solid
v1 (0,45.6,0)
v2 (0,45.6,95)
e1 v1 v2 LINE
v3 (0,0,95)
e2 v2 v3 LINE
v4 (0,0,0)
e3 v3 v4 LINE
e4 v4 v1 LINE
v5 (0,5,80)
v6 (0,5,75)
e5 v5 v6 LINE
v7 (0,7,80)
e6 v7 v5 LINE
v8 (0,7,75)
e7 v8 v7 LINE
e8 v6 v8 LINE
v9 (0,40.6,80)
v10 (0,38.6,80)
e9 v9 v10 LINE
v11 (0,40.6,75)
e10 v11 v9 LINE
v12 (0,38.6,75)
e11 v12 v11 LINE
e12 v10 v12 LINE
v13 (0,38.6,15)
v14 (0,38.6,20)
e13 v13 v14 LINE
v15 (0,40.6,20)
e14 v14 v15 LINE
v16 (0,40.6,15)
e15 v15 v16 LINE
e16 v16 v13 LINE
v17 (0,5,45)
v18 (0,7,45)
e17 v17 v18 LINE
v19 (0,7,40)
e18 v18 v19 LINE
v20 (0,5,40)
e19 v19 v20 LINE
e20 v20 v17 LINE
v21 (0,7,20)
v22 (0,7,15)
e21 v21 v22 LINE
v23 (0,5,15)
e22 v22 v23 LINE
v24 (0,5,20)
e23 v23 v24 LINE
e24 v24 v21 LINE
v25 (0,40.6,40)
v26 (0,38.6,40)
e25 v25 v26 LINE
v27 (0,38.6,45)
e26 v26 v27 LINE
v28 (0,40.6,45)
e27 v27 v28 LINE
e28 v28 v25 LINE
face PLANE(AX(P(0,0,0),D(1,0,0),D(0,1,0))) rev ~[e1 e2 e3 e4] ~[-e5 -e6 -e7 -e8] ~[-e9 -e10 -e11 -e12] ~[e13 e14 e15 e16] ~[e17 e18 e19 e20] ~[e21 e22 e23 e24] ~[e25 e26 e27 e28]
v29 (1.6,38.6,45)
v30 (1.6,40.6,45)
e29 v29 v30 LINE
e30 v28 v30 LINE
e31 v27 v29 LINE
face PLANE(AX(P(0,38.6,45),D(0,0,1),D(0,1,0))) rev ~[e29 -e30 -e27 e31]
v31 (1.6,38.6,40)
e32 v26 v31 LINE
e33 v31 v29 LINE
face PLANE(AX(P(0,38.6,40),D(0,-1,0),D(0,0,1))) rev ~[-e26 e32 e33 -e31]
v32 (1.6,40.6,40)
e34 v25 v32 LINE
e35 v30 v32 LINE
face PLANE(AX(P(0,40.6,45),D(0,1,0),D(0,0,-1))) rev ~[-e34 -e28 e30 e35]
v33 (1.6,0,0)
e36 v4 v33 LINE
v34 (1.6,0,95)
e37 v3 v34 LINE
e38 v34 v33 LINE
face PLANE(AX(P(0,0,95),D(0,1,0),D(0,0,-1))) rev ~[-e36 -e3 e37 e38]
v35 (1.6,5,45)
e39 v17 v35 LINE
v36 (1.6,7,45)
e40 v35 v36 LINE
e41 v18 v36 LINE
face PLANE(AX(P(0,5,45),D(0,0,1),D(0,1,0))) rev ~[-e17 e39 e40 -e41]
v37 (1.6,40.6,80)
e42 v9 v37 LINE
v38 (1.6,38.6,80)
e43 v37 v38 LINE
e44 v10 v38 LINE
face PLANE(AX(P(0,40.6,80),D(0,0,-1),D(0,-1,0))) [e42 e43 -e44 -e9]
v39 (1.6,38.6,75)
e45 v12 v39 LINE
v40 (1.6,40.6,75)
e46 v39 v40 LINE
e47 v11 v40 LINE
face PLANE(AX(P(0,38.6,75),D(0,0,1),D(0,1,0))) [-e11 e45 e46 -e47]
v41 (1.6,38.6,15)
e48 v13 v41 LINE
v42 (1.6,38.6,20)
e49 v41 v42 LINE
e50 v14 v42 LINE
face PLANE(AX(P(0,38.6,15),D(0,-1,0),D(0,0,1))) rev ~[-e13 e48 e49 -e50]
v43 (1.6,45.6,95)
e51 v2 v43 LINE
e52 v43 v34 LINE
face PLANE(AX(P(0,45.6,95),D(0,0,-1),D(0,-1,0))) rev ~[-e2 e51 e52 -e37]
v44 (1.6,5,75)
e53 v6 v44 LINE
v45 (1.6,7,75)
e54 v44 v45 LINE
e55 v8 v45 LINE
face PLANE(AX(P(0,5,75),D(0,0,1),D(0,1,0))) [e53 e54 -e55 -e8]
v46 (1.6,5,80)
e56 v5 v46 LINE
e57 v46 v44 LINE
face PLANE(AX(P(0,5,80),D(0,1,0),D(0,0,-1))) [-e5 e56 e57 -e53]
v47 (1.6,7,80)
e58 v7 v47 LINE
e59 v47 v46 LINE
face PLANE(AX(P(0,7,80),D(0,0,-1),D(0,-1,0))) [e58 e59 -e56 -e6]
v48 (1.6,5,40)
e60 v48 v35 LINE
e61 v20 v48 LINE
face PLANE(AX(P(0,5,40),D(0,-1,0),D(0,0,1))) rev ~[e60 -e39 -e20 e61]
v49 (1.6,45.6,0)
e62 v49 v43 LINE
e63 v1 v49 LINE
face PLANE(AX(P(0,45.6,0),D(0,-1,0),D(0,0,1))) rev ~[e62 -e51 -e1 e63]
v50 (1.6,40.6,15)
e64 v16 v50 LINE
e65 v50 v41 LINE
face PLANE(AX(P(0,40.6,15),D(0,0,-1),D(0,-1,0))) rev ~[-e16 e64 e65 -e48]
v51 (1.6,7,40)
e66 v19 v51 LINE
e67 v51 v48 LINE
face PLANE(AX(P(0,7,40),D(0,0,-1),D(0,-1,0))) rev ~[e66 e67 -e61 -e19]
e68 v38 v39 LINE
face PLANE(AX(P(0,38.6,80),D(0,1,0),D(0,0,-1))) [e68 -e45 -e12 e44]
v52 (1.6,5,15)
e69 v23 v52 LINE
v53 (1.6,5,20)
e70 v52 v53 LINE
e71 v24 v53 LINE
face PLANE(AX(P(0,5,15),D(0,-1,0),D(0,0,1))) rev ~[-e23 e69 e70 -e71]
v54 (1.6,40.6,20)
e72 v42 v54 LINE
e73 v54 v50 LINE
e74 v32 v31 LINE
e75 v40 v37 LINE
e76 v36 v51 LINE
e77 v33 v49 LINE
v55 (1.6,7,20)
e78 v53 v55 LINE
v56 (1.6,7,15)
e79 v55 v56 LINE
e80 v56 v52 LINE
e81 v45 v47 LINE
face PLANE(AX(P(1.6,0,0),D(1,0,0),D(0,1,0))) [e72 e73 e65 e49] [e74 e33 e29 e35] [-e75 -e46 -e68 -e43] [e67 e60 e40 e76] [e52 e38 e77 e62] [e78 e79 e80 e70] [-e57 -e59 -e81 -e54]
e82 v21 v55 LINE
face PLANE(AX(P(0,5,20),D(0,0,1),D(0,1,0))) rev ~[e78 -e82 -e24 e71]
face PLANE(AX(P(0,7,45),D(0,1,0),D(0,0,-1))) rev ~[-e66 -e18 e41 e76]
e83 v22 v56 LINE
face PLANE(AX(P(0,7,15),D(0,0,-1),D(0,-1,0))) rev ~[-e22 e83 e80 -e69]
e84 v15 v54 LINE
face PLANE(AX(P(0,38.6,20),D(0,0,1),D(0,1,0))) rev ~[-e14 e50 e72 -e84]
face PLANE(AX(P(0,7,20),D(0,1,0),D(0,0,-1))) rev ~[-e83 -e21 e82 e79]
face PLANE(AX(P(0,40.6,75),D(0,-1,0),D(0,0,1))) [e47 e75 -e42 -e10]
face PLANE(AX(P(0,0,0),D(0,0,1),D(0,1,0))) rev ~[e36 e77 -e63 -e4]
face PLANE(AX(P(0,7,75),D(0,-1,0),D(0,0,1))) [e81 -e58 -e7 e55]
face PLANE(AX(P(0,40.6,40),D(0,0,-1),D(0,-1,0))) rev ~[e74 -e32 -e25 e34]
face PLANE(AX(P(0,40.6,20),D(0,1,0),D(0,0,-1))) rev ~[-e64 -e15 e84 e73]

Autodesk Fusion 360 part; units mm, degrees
sketch "Sketch1" plane through (0, 0, 0) normal (1, 0, 0) x (0, 1, 0)
  line L0 (0, 0) -> (45.6, 0)
  line L1 (45.6, 0) -> (45.6, 95)
  line L2 (45.6, 95) -> (0, 95)
  line L3 (0, 95) -> (0, 0)
  line L4 (5, 75) -> (7, 75)
  line L5 (7, 75) -> (7, 80)
  line L6 (7, 80) -> (5, 80)
  line L7 (5, 80) -> (5, 75)
  line L8 (38.6, 75) -> (40.6, 75)
  line L9 (40.6, 75) -> (40.6, 80)
  line L10 (40.6, 80) -> (38.6, 80)
  line L11 (38.6, 80) -> (38.6, 75)
  line L12 (5, 45) -> (7, 45)
  line L13 (7, 45) -> (7, 40)
  line L14 (7, 40) -> (5, 40)
  line L15 (5, 40) -> (5, 45)
  line L16 (38.6, 45) -> (40.6, 45)
  line L17 (40.6, 45) -> (40.6, 40)
  line L18 (40.6, 40) -> (38.6, 40)
  line L19 (38.6, 40) -> (38.6, 45)
  line L20 (5, 20) -> (7, 20)
  line L21 (7, 20) -> (7, 15)
  line L22 (7, 15) -> (5, 15)
  line L23 (5, 15) -> (5, 20)
  line L24 (38.6, 20) -> (40.6, 20)
  line L25 (40.6, 20) -> (40.6, 15)
  line L26 (40.6, 15) -> (38.6, 15)
  line L27 (38.6, 15) -> (38.6, 20)
  dimension "d1" = 45.6
  dimension "d2" = 95
  dimension "d3" = 2
  dimension "d4" = 2
  dimension "d5" = 5
  dimension "d6" = 5
  dimension "d7" = 5
  dimension "d8" = 15
  dimension "d9" = 30
  dimension "d10" = 15
extrude "Extrude1" add sketch "Sketch1" along normal blind 1.6
